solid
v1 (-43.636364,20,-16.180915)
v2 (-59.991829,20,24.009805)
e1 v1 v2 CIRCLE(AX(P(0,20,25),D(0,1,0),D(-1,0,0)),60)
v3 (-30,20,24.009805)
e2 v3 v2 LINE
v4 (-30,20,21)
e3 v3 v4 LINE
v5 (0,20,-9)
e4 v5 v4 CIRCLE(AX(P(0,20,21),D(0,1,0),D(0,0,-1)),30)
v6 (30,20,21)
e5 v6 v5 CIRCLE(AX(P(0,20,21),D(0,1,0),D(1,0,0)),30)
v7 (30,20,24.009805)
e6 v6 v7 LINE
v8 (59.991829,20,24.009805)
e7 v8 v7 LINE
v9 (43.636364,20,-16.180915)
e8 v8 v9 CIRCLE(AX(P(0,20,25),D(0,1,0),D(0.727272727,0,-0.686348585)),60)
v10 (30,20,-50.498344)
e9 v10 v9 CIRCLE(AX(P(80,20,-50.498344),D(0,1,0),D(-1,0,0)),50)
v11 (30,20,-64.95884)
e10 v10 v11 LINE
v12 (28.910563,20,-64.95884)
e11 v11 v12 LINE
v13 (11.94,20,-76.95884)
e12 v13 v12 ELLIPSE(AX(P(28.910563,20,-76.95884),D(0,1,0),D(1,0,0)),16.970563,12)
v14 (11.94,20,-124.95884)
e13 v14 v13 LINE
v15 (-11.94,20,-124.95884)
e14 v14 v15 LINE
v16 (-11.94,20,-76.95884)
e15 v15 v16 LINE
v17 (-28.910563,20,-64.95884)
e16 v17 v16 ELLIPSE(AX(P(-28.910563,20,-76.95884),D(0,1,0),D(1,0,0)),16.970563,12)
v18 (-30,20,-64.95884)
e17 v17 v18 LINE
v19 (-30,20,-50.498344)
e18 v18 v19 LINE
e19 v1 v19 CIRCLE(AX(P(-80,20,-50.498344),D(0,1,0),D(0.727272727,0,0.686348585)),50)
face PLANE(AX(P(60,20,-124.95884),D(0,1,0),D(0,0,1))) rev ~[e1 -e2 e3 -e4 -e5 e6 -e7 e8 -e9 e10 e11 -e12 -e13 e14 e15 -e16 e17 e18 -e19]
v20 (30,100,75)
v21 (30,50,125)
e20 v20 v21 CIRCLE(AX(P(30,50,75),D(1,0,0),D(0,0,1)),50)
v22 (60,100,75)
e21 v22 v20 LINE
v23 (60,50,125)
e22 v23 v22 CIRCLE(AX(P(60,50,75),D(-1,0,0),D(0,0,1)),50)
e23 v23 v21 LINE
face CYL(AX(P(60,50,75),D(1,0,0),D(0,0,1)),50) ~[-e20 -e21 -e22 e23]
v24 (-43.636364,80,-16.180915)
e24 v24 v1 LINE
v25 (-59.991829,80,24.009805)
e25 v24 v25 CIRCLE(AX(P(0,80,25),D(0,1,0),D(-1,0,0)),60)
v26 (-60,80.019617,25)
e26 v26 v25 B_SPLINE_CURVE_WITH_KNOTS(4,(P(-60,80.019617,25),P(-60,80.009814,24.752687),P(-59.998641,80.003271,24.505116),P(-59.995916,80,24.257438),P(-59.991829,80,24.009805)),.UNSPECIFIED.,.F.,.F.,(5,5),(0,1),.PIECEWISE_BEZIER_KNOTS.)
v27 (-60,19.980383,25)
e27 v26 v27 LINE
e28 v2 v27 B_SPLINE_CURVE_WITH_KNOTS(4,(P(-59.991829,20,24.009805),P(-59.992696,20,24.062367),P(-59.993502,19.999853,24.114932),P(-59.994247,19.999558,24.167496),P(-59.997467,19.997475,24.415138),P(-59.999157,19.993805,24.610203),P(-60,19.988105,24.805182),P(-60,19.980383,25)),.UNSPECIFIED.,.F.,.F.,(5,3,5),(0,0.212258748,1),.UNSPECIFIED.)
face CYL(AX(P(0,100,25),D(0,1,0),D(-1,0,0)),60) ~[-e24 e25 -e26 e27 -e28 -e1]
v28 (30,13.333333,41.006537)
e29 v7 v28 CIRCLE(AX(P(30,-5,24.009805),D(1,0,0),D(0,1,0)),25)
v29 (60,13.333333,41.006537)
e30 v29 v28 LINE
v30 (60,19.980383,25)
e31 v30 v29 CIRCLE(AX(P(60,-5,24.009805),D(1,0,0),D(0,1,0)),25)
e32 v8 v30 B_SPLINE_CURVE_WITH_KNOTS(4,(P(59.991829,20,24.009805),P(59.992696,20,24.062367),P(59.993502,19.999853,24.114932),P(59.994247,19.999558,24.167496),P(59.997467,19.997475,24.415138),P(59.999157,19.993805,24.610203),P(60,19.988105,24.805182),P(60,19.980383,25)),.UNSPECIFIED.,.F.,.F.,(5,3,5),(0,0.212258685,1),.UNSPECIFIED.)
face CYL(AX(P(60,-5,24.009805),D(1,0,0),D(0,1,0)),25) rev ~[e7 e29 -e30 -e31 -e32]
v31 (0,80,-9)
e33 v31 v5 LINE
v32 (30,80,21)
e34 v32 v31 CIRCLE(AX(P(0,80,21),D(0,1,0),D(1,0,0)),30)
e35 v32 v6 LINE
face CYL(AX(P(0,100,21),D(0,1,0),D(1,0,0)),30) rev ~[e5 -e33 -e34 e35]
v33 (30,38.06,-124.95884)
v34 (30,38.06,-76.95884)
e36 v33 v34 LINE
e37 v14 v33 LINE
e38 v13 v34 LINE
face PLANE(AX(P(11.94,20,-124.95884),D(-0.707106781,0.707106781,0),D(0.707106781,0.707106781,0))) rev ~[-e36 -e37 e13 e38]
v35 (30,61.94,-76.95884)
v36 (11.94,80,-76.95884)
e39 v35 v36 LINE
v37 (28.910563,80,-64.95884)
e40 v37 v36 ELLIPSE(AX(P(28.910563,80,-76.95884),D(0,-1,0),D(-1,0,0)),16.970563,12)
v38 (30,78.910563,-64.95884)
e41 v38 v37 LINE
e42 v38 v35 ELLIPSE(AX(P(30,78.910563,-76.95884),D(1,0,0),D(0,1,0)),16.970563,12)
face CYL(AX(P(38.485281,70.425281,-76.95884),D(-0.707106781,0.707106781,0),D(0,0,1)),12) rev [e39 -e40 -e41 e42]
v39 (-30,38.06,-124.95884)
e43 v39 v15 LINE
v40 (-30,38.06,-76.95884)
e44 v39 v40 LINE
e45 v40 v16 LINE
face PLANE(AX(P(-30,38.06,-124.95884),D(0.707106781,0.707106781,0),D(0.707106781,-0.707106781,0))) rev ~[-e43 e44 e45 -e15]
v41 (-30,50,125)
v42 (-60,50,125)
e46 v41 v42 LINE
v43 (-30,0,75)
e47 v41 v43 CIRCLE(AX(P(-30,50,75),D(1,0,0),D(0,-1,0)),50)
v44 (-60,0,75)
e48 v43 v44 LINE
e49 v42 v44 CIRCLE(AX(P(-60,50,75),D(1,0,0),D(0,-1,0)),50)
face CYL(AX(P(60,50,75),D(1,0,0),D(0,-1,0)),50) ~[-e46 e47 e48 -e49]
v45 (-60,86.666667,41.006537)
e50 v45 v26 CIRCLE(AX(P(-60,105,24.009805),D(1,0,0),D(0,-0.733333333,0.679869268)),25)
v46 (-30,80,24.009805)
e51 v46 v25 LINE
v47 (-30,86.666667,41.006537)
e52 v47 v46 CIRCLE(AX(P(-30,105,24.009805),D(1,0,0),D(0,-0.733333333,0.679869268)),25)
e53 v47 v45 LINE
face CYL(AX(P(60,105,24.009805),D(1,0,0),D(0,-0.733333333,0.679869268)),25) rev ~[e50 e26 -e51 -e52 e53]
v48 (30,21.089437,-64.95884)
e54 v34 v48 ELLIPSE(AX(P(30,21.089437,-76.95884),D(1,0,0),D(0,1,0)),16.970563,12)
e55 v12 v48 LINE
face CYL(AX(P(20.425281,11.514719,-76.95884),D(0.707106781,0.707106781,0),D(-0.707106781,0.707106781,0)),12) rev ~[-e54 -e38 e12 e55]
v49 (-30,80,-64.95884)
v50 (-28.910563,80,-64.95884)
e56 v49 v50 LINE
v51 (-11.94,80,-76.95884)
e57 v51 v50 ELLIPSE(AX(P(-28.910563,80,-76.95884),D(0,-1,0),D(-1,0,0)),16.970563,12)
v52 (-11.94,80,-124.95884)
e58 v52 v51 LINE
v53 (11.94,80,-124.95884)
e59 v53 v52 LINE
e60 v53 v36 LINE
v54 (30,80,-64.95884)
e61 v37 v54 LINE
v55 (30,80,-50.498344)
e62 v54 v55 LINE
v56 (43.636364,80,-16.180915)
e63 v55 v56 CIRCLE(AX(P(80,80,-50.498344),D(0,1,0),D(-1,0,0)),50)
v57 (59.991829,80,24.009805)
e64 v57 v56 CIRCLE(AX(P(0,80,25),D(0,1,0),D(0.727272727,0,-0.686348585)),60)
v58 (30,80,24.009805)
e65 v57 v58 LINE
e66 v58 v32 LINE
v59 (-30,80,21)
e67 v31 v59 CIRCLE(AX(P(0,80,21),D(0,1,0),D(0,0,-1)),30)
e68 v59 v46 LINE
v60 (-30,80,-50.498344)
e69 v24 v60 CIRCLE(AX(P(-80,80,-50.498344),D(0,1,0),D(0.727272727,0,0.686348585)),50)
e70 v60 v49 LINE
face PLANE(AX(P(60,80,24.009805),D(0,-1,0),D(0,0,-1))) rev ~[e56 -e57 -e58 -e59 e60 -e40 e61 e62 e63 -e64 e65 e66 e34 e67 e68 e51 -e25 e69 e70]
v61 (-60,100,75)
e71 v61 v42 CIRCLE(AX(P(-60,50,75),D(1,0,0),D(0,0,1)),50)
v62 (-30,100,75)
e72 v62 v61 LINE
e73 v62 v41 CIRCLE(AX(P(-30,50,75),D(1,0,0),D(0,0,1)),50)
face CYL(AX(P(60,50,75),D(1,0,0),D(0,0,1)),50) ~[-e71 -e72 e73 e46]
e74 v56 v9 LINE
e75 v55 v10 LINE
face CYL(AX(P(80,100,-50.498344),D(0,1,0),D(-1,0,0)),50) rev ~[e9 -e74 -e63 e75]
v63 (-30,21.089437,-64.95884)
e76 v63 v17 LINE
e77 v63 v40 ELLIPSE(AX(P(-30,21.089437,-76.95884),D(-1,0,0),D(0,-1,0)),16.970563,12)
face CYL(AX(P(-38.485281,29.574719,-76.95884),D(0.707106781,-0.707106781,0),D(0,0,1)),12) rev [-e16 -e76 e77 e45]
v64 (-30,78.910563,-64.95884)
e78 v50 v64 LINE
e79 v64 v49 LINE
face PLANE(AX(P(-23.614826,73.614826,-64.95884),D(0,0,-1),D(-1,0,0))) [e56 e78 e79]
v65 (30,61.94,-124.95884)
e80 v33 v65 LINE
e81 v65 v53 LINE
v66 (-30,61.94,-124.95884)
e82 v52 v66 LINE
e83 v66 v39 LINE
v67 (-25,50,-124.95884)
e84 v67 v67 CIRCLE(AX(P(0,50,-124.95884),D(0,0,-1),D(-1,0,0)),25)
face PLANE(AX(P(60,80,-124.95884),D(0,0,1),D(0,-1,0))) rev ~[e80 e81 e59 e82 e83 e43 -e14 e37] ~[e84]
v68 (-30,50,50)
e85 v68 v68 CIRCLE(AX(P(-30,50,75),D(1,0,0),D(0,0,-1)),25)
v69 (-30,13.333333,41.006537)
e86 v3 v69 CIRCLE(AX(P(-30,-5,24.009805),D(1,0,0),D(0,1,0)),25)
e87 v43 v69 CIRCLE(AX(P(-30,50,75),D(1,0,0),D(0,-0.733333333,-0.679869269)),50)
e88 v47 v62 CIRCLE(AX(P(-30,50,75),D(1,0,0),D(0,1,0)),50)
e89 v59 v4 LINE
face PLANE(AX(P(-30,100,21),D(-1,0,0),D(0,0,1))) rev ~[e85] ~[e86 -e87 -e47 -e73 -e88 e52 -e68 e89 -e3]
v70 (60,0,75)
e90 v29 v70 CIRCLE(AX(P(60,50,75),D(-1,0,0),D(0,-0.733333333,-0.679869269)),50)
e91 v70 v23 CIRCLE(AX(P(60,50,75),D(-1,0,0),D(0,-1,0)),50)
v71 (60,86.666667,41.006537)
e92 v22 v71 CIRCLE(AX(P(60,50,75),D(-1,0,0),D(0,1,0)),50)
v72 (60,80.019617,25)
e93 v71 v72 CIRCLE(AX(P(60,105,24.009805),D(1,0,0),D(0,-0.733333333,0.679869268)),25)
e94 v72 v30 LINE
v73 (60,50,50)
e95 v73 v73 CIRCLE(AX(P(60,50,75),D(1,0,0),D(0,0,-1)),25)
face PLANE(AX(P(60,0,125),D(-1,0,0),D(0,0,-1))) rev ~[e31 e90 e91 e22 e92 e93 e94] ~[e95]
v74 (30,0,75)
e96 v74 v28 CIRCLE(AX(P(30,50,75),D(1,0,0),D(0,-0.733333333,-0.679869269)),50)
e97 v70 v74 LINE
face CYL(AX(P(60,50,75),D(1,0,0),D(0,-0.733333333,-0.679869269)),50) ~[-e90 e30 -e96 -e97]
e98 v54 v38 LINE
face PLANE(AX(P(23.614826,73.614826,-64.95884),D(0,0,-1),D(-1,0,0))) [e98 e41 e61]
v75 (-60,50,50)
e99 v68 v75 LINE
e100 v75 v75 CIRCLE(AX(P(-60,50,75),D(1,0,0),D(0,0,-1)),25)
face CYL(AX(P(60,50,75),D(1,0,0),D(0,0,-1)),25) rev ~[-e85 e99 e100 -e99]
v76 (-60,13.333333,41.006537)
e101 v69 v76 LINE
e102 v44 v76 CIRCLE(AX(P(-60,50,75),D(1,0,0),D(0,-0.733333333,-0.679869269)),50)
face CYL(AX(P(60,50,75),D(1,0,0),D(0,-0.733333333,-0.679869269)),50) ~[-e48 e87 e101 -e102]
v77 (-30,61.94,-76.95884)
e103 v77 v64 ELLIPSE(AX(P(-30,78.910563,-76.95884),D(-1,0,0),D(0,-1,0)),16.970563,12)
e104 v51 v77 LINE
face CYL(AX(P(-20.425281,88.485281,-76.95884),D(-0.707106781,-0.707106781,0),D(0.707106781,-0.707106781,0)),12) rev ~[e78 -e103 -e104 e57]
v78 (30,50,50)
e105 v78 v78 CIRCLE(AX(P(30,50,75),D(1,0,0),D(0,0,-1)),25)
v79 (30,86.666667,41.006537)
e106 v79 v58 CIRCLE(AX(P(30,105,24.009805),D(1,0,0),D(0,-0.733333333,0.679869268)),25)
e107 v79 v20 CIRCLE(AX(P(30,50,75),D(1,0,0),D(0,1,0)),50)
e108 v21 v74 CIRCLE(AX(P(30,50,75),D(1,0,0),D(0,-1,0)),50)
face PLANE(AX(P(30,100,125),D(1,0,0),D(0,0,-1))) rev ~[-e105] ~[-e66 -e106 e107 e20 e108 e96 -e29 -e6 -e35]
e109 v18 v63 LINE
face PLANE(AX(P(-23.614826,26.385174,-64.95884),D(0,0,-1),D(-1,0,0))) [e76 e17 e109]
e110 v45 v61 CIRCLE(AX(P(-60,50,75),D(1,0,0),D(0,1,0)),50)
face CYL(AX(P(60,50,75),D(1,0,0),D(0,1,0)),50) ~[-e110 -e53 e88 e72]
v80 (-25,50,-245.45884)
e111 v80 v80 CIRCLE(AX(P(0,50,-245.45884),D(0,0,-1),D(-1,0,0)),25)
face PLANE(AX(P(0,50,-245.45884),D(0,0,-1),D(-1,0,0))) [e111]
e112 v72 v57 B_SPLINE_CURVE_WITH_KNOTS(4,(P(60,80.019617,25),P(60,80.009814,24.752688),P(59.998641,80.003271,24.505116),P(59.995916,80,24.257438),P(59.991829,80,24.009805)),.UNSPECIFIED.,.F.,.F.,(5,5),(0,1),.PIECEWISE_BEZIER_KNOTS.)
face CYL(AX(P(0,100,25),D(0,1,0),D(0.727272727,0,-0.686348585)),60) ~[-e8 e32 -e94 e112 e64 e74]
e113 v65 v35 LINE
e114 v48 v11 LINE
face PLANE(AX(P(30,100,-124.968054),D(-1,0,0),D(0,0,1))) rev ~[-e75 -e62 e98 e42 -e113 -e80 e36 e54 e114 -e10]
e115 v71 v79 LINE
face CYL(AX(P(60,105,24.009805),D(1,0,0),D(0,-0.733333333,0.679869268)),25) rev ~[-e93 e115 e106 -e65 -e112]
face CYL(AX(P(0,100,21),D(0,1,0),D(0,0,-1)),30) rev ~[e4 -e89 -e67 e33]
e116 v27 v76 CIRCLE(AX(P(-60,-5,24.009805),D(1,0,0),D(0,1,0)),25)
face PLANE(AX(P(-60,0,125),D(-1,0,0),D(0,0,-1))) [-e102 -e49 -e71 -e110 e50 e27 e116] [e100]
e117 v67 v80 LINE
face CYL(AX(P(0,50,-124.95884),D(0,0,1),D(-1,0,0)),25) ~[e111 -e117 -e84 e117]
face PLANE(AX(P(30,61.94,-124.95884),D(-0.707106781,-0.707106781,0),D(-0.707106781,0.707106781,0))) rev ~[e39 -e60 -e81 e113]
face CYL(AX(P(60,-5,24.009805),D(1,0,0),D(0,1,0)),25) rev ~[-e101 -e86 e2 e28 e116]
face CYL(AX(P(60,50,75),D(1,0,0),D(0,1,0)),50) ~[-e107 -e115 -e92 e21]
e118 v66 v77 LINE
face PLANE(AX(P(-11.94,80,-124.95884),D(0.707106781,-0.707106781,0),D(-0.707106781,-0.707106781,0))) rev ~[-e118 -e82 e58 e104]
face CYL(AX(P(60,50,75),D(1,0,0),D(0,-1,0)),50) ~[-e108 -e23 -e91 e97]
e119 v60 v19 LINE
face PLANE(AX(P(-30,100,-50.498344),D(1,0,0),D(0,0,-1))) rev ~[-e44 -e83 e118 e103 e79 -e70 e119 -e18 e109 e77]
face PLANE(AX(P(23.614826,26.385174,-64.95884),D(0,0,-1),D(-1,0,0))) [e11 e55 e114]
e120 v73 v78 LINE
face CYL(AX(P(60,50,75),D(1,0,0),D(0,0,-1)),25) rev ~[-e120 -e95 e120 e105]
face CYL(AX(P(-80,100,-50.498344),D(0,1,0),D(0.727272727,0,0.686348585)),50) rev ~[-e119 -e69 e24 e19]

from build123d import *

# Parameters (mm, degrees)
SKETCH1_W           = 120
SKETCH1_H           = 250
BOSS_EXTRUDE1_DEPTH = 100
CUT_EXTRUDE2_DEPTH  = 171.953209973
SKETCH3_R           = 25
CUT_EXTRUDE5_DEPTH  = 201.062490237
CUT_EXTRUDE8_DEPTH  = 60
SKETCH6_R           = 25
BOSS_EXTRUDE2_DEPTH = 120.5
FILLET1_R           = 12


with BuildPart() as part:
    # Sketch1 → Boss-Extrude1 (new body)
    with BuildSketch(Plane(origin=(0, 0, 0), x_dir=(1, 0, 0), z_dir=(0, 1, 0))):
        Rectangle(SKETCH1_W, SKETCH1_H)
    extrude(amount=BOSS_EXTRUDE1_DEPTH)

    # Sketch2 → Cut-Extrude2 (cut, through all)
    with BuildSketch(Plane(origin=(0, 100, 0), x_dir=(1, 0, 0), z_dir=(0, 1, 0))):
        with BuildLine():
            Line((-30, 50.498344353), (-30, 124.968053811))
            Line((-30, 124.968053811), (30, 124.968053811))
            Line((30, 124.968053811), (30, 50.498344353))
            ThreePointArc((30, 50.498344353), (33.533981136, 32.034620706), (43.636363636, 16.180915101))
            ThreePointArc((43.636363636, 16.180915101), (55.759222691, -2.84353176), (60, -25.000000292))
            Line((60, -25.000000292), (60, 125))
            Line((60, 125), (-60, 125))
            Line((-60, 125), (-60, -25))
            ThreePointArc((-60, -25), (-55.759222637, -2.843531624), (-43.636363636, 16.180915101))
            ThreePointArc((-43.636363636, 16.180915101), (-33.533981136, 32.034620706), (-30, 50.498344353))
        make_face()
        with BuildLine():
            ThreePointArc((30, -21), (21.213203436, 0.213203436), (0, 9))
            ThreePointArc((0, 9), (-21.213203436, 0.213203436), (-30, -21))
            Line((-30, -21), (-30, -125))
            Line((-30, -125), (30, -125))
            Line((30, -125), (30, -21))
        make_face()
    extrude(amount=-CUT_EXTRUDE2_DEPTH, mode=Mode.SUBTRACT)

    # Sketch3 → Cut-Extrude5 (cut, through all)
    with BuildSketch(Plane(origin=(60, 0, 0), x_dir=(0, 0, -1), z_dir=(1, 0, 0))):
        with BuildLine():
            Line((-24.009804864, 80), (124.958839528, 80))
            Line((124.958839528, 80), (124.958839528, 20))
            Line((124.958839528, 20), (-24.009804864, 20))
            ThreePointArc((-24.009804864, 20), (-33.138514156, 18.273733406), (-41.006536576, 13.333333333))
            ThreePointArc((-41.006536576, 13.333333333), (-56.742581416, 3.452533187), (-75, 0))
            Line((-75, 0), (124.968053811, 0))
            Line((124.968053811, 0), (124.968053811, 100))
            Line((124.968053811, 100), (-75, 100))
            ThreePointArc((-75, 100), (-56.742581416, 96.547466813), (-41.006536576, 86.666666667))
            ThreePointArc((-41.006536576, 86.666666667), (-33.138514156, 81.726266594), (-24.009804864, 80))
        make_face()
        with BuildLine():
            ThreePointArc((-125, 50), (-110.355339059, 85.355339059), (-75, 100))
            Line((-75, 100), (-125, 100))
            Line((-125, 100), (-125, 50))
        make_face()
        with BuildLine():
            ThreePointArc((-75, 0), (-110.355339059, 14.644660941), (-125, 50))
            Line((-125, 50), (-125, 0))
            Line((-125, 0), (-75, 0))
        make_face()
        with Locations((-75, 50)):
            Circle(SKETCH3_R)
    extrude(amount=-CUT_EXTRUDE5_DEPTH, mode=Mode.SUBTRACT)

    # Sketch4 → Cut-Extrude8 (cut)
    with BuildSketch(Plane(origin=(0, 0, -124.958839528), x_dir=(-1, 0, 0), z_dir=(0, 0, -1))):
        Polygon((11.94, 80), (30, 61.94), (30, 80), align=None)
        Polygon((30, 38.06), (11.94, 20), (30, 20), align=None)
        Polygon((-11.94, 20), (-30, 38.06), (-30, 20), align=None)
        Polygon((-30, 61.94), (-11.94, 80), (-30, 80), align=None)
    extrude(amount=-CUT_EXTRUDE8_DEPTH, mode=Mode.SUBTRACT)

    # Sketch6 → Boss-Extrude2 (add)
    with BuildSketch(Plane(origin=(0, 0, -124.958839528), x_dir=(-1, 0, 0), z_dir=(0, 0, -1))):
        with Locations((0, 50)):
            Circle(SKETCH6_R)
    extrude(amount=BOSS_EXTRUDE2_DEPTH)

    # Fillet1
    fillet1_edges = [part.edges().sort_by_distance(p)[0] for p in [
        (-20.97, 29.03, -64.958839528),
        (-20.97, 70.97, -64.958839528),
        (20.97, 29.03, -64.958839528),
        (20.97, 70.97, -64.958839528),
    ]]
    fillet(fillet1_edges, radius=FILLET1_R)


solid = part.part
